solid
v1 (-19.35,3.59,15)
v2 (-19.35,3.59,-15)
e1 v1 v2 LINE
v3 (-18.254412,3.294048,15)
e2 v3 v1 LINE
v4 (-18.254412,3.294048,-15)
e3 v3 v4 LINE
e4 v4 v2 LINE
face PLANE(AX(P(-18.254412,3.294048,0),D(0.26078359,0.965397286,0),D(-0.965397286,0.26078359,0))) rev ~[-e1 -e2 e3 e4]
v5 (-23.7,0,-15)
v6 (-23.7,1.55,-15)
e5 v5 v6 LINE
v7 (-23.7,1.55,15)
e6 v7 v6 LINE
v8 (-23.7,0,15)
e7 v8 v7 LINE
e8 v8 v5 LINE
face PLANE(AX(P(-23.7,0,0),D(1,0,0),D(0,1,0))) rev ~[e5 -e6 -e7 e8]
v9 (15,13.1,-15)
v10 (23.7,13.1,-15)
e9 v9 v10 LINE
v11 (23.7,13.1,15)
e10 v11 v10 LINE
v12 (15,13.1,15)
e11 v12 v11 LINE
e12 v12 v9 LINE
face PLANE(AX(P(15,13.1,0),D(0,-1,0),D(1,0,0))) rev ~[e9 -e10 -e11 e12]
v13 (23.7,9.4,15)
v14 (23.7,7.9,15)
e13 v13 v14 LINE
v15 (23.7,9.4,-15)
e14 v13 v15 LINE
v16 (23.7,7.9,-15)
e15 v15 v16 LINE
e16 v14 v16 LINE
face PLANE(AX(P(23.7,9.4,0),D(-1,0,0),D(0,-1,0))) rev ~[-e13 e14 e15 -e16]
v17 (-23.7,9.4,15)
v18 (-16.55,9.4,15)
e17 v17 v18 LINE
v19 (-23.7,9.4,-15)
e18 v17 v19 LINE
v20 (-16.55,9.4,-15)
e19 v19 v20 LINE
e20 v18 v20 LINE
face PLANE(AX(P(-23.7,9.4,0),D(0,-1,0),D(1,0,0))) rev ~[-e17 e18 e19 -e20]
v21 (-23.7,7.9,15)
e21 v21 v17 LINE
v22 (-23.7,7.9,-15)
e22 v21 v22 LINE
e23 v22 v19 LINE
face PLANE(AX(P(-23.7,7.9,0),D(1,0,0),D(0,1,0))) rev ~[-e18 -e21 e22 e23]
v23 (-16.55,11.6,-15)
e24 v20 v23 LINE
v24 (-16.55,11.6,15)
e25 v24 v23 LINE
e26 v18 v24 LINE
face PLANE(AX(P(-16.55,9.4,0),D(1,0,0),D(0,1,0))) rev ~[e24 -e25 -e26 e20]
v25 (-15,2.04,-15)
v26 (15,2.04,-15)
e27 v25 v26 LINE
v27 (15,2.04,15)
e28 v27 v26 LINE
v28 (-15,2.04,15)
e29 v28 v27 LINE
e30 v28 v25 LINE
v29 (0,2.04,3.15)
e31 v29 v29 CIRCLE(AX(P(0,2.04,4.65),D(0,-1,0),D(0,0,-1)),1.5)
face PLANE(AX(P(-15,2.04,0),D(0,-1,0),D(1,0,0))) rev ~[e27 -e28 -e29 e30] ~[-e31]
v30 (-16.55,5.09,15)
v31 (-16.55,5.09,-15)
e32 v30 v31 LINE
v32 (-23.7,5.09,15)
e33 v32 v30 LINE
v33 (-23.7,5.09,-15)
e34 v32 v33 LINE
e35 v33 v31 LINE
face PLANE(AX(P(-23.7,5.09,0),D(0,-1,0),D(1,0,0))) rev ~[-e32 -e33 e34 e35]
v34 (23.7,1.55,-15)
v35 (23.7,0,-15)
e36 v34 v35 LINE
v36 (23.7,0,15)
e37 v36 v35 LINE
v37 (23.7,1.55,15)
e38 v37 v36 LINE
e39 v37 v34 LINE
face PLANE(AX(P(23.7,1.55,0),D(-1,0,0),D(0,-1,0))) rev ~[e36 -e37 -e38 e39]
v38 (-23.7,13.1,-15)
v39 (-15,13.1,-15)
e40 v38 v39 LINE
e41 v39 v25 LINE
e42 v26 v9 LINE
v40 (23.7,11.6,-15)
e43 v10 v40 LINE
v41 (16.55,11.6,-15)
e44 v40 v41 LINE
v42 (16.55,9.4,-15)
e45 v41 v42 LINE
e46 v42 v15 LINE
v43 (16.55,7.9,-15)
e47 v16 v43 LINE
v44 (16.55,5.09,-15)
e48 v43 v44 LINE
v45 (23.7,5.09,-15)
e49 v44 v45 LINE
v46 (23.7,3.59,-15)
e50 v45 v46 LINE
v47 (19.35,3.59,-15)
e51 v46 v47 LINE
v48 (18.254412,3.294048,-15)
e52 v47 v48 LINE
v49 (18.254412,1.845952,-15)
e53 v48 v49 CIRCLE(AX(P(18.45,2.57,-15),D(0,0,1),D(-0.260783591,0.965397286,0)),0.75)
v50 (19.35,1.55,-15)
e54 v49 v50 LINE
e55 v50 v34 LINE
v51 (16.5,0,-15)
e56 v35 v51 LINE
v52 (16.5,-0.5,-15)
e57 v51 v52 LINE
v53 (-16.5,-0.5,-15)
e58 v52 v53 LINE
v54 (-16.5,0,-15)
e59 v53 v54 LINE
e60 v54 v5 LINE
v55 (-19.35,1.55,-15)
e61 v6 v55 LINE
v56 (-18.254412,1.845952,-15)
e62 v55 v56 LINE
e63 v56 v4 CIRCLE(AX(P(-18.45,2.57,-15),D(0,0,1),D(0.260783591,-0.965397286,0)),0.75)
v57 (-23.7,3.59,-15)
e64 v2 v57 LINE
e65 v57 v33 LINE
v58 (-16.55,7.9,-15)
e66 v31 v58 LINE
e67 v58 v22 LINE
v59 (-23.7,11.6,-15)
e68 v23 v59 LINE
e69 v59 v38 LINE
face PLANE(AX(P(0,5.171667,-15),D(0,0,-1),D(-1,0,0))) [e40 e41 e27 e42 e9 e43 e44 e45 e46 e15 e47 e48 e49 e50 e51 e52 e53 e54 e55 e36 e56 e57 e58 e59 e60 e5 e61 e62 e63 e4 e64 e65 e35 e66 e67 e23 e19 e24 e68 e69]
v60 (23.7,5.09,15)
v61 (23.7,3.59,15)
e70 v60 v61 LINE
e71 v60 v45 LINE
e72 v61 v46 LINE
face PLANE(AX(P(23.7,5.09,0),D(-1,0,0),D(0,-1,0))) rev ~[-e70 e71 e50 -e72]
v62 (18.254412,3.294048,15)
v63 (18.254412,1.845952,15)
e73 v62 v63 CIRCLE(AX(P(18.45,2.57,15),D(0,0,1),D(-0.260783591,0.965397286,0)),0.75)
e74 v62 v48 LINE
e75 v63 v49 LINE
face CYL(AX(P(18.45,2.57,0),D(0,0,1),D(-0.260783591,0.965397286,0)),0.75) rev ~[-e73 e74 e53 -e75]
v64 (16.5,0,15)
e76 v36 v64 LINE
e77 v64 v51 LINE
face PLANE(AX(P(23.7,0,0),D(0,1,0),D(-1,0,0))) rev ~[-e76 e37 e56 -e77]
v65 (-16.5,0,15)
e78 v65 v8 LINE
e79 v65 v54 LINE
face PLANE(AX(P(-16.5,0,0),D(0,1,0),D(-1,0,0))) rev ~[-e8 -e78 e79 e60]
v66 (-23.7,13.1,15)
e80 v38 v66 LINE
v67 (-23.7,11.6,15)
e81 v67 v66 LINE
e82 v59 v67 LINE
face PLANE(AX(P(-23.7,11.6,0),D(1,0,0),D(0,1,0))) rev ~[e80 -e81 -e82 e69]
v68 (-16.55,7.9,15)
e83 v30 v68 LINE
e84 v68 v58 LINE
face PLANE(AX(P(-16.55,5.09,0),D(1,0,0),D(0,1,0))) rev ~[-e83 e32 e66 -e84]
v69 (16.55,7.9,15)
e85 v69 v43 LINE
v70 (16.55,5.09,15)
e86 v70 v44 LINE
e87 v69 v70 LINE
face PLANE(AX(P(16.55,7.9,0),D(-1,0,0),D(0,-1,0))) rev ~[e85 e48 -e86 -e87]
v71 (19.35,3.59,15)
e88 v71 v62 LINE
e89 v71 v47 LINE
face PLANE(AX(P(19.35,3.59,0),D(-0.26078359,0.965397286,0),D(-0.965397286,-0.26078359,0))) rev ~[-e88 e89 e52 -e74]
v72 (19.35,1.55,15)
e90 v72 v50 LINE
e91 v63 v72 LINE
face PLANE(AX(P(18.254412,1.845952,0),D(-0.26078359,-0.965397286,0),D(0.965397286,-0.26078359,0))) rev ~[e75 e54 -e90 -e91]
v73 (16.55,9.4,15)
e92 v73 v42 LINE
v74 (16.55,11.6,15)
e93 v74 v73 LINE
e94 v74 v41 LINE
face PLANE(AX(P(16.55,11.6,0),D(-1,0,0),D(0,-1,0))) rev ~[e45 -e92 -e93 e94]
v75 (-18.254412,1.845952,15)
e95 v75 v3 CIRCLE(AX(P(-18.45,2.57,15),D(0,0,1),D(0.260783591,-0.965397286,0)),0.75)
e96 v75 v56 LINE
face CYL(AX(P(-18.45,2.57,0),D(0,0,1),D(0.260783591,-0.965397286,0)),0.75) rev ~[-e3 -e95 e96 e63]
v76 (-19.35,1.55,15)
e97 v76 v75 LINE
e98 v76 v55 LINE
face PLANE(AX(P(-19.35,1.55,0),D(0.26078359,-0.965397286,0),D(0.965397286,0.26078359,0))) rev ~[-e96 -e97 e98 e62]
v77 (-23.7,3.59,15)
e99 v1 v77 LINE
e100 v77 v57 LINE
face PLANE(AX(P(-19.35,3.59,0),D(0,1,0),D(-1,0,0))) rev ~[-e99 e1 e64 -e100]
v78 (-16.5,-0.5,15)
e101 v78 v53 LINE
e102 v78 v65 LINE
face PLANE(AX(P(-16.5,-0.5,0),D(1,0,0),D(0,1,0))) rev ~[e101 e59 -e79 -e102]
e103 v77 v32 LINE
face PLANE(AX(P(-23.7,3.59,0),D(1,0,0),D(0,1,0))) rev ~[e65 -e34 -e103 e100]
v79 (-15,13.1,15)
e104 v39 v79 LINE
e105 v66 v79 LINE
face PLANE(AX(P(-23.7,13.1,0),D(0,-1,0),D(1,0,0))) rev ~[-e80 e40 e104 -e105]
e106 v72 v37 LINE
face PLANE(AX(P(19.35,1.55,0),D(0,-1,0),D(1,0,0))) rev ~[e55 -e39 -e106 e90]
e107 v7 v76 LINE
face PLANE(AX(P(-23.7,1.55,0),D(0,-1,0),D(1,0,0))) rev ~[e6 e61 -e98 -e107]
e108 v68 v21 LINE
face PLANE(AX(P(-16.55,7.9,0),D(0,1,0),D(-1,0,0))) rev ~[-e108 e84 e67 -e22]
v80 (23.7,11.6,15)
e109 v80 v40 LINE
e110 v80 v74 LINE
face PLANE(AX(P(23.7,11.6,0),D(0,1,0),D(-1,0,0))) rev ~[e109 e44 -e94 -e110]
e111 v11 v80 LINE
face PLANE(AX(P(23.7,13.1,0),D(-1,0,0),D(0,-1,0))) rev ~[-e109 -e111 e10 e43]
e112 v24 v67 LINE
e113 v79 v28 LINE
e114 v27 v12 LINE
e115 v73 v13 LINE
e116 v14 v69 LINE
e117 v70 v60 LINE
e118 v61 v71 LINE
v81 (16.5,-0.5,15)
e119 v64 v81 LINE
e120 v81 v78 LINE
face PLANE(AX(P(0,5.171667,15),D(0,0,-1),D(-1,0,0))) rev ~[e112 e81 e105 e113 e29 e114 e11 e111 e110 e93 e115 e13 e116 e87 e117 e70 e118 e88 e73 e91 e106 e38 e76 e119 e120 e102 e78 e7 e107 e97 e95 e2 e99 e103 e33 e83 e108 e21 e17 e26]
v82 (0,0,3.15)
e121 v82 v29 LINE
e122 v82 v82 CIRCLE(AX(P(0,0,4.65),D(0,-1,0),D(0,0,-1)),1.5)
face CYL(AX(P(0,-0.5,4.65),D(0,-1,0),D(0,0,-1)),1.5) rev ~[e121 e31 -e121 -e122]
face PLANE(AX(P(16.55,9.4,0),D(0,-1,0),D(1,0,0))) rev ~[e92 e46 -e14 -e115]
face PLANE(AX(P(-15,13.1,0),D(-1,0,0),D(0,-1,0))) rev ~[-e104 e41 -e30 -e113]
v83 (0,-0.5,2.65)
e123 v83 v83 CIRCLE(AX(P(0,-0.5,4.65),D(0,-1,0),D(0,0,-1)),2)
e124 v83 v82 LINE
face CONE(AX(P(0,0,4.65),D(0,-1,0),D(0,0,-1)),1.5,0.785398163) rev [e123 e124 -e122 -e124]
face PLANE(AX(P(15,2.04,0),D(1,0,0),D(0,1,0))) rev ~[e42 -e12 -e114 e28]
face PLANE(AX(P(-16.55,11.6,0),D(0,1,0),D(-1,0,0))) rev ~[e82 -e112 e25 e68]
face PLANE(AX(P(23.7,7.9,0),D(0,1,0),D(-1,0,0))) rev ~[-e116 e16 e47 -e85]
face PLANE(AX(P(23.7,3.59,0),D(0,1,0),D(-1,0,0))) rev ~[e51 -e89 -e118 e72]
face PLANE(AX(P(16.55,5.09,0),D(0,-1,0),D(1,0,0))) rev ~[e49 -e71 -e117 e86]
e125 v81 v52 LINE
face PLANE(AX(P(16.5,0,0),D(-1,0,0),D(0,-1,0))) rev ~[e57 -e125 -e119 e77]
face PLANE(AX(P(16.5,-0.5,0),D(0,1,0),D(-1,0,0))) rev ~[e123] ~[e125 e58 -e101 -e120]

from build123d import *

# Parameters (mm, degrees)
BOSS_EXTRUDE1_DEPTH = 15
SKETCH2_R           = 1.5
CUT_EXTRUDE1_DEPTH  = 32.171300903
CHAMFER1_SIZE       = 0.5


with BuildPart() as part:
    # Sketch1 → Boss-Extrude1 (new, symmetric)
    with BuildSketch(Plane.XY):
        with BuildLine():
            Line((-15, 13.1), (-15, 2.04))
            Line((-15, 2.04), (15, 2.04))
            Line((15, 2.04), (15, 13.1))
            Line((15, 13.1), (23.7, 13.1))
            Line((23.7, 13.1), (23.7, 11.6))
            Line((23.7, 11.6), (16.55, 11.6))
            Line((16.55, 11.6), (16.55, 9.4))
            Line((16.55, 9.4), (23.7, 9.4))
            Line((23.7, 9.4), (23.7, 7.9))
            Line((23.7, 7.9), (16.55, 7.9))
            Line((16.55, 7.9), (16.55, 5.09))
            Line((16.55, 5.09), (23.7, 5.09))
            Line((23.7, 5.09), (23.7, 3.59))
            Line((23.7, 3.59), (19.35, 3.59))
            Line((19.35, 3.59), (18.254412307, 3.294047964))
            ThreePointArc((18.254412307, 3.294047964), (17.7, 2.57), (18.254412307, 1.845952036))
            Line((18.254412307, 1.845952036), (19.35, 1.55))
            Line((19.35, 1.55), (23.7, 1.55))
            Line((23.7, 1.55), (23.7, 0))
            Line((23.7, 0), (16.5, 0))
            Line((16.5, 0), (16.5, -0.5))
            Line((16.5, -0.5), (-16.5, -0.5))
            Line((-16.5, -0.5), (-16.5, 0))
            Line((-16.5, 0), (-23.7, 0))
            Line((-23.7, 0), (-23.7, 1.55))
            Line((-23.7, 1.55), (-19.35, 1.55))
            Line((-19.35, 1.55), (-18.254412307, 1.845952036))
            ThreePointArc((-18.254412307, 1.845952036), (-17.7, 2.57), (-18.254412307, 3.294047964))
            Line((-18.254412307, 3.294047964), (-19.35, 3.59))
            Line((-19.35, 3.59), (-23.7, 3.59))
            Line((-23.7, 3.59), (-23.7, 5.09))
            Line((-23.7, 5.09), (-16.55, 5.09))
            Line((-16.55, 5.09), (-16.55, 7.9))
            Line((-16.55, 7.9), (-23.7, 7.9))
            Line((-23.7, 7.9), (-23.7, 9.4))
            Line((-23.7, 9.4), (-16.55, 9.4))
            Line((-16.55, 9.4), (-16.55, 11.6))
            Line((-16.55, 11.6), (-23.7, 11.6))
            Line((-23.7, 11.6), (-23.7, 13.1))
            Line((-23.7, 13.1), (-15, 13.1))
        make_face()
    extrude(amount=BOSS_EXTRUDE1_DEPTH, both=True)

    # Sketch2 → Cut-Extrude1 (cut, through all)
    with BuildSketch(Plane.XZ.offset(0.5)):
        with Locations(Location((0, 4.65, 0), (0, 0, 270))):
            Circle(SKETCH2_R)
    extrude(amount=-CUT_EXTRUDE1_DEPTH, mode=Mode.SUBTRACT)

    # Chamfer1
    chamfer1_edges = [part.edges().sort_by_distance(p)[0] for p in [
        (0, -0.5, 6.15),
    ]]
    chamfer(chamfer1_edges, length=CHAMFER1_SIZE)


solid = part.part
